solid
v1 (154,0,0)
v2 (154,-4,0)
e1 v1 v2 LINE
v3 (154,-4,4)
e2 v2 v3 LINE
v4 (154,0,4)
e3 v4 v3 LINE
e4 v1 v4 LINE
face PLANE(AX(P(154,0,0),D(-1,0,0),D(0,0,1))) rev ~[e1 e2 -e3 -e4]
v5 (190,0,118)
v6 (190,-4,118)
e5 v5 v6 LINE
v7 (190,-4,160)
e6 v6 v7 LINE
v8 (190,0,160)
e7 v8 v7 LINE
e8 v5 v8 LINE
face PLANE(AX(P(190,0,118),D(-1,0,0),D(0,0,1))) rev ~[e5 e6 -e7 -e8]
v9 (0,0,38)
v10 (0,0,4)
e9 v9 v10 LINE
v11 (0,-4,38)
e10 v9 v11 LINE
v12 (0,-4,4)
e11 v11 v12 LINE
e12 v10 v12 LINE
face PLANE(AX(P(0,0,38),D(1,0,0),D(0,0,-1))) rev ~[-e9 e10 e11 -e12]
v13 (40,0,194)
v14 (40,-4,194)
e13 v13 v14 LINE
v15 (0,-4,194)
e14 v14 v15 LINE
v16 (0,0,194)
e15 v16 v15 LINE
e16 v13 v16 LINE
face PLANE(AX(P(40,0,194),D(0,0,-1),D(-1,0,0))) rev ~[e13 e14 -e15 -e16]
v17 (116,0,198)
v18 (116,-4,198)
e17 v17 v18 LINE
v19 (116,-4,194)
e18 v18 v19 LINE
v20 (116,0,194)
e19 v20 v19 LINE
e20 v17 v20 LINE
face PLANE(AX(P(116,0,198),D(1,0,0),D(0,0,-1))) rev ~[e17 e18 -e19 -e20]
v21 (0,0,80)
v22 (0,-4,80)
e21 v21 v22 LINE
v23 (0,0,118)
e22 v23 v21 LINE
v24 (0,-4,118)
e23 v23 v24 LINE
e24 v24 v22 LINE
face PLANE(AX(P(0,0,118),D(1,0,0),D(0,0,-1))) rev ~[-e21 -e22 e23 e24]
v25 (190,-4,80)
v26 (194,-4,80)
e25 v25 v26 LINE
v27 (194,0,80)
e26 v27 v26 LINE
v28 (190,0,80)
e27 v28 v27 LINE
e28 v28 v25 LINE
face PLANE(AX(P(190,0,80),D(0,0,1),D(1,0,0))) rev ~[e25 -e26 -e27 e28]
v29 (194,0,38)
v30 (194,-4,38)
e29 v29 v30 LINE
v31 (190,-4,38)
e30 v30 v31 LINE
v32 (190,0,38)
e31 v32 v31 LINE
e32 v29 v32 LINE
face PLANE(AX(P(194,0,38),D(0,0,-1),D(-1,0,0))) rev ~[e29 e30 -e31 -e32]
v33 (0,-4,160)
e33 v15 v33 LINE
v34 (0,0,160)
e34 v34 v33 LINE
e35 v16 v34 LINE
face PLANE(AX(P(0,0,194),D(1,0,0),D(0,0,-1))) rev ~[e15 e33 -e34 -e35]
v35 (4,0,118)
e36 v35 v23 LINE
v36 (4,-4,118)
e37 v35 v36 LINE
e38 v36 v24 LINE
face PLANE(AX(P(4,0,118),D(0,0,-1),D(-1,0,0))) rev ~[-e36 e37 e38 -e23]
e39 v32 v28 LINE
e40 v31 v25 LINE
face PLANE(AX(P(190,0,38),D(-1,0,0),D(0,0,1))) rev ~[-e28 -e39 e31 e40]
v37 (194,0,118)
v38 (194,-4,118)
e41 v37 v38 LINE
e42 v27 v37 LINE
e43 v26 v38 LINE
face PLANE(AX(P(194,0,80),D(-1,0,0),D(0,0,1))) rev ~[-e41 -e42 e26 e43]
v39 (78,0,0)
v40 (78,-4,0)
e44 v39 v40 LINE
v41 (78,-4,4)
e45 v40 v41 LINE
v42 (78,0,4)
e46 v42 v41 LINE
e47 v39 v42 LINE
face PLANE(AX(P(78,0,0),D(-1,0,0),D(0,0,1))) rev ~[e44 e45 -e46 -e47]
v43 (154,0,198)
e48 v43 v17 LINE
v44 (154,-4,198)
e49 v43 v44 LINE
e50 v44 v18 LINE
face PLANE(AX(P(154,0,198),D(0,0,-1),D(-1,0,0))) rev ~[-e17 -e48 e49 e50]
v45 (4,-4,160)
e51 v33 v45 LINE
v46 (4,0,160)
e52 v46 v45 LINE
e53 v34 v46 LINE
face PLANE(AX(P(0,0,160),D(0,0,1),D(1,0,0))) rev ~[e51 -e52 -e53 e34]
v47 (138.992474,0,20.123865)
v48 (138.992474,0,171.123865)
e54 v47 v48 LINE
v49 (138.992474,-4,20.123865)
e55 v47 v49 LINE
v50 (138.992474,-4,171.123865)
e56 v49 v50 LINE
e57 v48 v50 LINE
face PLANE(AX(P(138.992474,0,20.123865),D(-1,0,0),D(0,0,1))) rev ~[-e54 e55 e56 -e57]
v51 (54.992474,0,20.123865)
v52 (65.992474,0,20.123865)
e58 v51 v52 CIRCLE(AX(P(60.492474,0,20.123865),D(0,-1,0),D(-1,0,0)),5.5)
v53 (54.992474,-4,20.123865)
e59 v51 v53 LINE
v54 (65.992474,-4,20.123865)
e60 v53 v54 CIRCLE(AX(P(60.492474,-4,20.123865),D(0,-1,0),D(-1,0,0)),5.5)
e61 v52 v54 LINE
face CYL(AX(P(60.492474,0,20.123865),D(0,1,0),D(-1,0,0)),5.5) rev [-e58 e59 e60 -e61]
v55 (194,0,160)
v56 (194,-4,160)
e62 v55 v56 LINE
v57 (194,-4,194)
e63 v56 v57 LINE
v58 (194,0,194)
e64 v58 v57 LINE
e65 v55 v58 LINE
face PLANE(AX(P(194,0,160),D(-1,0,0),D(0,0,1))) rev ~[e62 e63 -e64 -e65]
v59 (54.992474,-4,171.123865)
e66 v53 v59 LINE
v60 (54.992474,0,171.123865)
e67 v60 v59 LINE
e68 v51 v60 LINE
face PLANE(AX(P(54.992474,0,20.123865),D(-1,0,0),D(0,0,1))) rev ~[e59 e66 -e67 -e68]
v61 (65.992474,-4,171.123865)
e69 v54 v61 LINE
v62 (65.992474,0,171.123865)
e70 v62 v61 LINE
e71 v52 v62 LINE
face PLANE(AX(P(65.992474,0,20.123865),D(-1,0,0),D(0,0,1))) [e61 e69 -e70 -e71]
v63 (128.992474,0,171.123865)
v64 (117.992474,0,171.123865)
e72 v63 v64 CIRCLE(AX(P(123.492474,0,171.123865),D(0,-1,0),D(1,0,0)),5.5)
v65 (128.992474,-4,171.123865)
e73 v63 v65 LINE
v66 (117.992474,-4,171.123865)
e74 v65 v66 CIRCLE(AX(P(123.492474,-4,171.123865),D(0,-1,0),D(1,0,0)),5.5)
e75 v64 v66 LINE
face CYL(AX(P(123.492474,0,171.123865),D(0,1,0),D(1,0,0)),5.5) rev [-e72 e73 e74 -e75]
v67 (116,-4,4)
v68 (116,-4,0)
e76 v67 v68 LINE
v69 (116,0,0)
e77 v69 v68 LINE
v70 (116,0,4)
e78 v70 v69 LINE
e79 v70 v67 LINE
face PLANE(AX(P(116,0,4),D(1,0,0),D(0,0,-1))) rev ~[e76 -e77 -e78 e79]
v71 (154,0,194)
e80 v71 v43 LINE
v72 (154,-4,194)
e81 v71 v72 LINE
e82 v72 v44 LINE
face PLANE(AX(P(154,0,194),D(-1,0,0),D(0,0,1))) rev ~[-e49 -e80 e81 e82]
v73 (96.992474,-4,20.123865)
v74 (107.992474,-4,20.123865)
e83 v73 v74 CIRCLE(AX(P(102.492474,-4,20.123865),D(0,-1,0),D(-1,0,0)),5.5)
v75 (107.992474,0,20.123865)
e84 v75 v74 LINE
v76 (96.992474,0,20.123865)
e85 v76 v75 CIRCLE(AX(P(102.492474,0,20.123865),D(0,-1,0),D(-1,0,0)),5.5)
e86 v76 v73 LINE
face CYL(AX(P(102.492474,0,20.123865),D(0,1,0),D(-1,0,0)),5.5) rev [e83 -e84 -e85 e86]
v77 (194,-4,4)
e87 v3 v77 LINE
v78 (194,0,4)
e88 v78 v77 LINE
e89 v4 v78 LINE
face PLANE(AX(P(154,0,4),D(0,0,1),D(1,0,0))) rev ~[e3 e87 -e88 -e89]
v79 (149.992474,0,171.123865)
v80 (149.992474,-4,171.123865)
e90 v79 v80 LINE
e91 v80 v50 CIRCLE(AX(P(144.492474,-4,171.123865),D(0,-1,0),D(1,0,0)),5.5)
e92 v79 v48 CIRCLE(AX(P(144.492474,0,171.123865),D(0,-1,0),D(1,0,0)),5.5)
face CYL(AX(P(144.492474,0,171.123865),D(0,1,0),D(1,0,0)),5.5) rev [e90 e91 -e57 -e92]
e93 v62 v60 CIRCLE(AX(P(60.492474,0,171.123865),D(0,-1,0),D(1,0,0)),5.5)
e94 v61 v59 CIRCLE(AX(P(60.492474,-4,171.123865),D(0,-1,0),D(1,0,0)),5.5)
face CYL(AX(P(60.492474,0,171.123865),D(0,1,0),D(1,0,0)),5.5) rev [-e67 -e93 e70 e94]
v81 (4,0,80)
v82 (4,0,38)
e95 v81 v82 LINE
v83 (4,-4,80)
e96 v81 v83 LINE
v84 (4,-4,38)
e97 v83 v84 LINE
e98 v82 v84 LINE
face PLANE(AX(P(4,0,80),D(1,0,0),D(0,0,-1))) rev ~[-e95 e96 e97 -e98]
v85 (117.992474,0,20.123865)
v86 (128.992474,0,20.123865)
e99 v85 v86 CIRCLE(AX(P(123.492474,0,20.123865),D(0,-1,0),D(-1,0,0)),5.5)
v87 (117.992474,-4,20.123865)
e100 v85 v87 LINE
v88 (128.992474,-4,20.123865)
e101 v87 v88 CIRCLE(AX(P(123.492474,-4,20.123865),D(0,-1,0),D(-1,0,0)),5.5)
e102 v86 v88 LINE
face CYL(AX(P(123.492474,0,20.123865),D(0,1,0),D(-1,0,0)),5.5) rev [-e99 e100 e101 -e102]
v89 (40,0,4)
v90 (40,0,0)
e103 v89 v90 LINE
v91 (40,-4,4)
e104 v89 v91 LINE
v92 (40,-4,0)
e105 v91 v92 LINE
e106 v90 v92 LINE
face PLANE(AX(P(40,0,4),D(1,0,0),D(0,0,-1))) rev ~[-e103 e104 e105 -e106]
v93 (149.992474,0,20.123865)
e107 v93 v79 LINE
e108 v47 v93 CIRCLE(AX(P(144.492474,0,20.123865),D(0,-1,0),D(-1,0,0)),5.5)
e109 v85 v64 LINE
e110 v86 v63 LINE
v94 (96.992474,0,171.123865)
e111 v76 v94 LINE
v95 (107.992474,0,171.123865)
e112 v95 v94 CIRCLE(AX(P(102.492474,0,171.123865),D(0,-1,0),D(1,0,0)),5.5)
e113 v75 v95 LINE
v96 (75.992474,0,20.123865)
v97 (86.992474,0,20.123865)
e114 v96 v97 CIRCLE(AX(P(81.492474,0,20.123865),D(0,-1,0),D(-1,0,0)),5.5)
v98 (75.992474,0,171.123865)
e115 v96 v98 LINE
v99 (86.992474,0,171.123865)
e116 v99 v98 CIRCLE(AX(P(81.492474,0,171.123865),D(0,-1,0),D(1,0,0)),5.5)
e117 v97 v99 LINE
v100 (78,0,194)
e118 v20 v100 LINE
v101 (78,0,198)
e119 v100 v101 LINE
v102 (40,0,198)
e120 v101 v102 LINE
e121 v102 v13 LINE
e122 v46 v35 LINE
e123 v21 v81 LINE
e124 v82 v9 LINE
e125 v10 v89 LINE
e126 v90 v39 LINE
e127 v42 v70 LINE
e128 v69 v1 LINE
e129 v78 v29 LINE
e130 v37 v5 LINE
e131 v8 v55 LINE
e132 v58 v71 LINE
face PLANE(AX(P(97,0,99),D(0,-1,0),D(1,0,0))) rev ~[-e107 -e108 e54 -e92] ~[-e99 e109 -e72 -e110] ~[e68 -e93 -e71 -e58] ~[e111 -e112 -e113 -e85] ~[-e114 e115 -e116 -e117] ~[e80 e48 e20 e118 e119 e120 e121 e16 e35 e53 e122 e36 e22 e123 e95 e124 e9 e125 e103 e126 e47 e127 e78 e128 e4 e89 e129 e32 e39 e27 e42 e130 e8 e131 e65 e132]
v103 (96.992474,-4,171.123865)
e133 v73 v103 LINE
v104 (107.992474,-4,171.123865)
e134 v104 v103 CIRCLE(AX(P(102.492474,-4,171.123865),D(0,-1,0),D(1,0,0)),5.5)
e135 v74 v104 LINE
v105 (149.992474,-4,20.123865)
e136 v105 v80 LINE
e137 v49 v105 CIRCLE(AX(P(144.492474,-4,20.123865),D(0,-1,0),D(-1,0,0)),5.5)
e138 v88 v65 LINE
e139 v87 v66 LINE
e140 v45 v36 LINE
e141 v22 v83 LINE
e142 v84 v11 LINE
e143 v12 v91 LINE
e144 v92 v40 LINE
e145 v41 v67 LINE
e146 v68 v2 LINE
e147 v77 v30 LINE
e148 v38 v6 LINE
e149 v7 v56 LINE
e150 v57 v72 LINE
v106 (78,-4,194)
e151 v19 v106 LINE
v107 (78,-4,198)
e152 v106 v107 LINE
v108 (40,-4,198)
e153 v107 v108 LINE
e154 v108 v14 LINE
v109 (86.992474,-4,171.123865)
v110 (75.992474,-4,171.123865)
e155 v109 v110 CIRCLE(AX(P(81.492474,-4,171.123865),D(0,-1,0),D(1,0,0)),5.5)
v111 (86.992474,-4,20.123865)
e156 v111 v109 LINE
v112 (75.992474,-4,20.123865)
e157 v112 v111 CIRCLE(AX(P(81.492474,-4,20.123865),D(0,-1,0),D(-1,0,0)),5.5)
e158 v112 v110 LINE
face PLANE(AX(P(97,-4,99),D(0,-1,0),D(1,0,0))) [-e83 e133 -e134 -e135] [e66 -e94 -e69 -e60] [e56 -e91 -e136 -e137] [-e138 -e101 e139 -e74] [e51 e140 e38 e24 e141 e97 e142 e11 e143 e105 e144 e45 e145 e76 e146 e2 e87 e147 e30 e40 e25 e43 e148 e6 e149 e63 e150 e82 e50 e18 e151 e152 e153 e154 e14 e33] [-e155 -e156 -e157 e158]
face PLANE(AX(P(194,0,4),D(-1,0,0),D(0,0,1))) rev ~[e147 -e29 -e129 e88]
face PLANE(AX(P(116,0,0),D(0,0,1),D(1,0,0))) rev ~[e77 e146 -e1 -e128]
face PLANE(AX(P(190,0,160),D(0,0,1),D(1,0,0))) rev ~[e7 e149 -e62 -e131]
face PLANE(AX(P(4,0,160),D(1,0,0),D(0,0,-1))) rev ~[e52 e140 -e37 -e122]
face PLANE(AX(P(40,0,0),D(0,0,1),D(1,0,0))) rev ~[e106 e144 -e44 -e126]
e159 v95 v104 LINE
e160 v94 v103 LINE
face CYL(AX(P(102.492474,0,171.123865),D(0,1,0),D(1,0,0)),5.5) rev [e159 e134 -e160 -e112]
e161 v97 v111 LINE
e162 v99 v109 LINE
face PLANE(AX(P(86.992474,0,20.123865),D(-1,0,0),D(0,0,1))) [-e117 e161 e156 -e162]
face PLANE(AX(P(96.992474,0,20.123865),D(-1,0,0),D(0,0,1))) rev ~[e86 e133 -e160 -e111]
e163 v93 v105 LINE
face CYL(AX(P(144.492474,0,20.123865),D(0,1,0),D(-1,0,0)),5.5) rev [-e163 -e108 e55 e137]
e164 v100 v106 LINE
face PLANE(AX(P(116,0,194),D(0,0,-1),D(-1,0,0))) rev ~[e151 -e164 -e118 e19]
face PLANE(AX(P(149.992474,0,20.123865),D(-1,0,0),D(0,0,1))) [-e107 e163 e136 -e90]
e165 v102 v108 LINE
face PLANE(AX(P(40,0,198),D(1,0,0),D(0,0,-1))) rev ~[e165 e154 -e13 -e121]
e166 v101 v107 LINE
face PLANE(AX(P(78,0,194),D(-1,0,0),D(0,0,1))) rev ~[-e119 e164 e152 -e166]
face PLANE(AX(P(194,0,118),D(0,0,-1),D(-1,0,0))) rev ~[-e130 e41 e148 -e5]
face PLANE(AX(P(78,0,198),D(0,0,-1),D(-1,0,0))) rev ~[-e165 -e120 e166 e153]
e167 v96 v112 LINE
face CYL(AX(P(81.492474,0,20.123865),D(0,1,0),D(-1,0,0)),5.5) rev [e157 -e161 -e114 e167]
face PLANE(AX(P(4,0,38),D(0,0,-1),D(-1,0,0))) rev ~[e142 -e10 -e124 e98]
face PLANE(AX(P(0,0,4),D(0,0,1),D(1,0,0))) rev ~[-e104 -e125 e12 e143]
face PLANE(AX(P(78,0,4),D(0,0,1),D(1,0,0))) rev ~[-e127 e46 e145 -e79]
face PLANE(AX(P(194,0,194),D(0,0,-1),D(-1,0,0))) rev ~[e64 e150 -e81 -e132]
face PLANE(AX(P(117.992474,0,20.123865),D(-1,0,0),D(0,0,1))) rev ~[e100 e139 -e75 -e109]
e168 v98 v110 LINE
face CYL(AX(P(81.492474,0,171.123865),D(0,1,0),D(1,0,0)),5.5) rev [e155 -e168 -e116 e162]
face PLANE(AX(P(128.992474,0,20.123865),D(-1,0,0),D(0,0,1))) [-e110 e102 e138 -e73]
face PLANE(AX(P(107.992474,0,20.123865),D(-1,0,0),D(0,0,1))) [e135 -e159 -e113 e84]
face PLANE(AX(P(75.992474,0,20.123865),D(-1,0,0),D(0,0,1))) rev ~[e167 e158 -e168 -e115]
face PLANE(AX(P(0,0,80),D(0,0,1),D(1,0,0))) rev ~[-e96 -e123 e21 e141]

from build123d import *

# Parameters (mm, degrees)
F1_DEPTH = 4
F2_W     = 11
F2_H     = 151
F3_DEPTH = 4


with BuildPart() as f1:
    # F0 (on Front) → F1 (new body)
    with BuildSketch(Plane.XZ):
        Polygon((40, 4), (40, 0), (78, 0), (78, 4), (116, 4), (116, 0), (154, 0), (154, 4), (194, 4), (194, 38), (190, 38), (190, 80), (194, 80), (194, 118), (190, 118), (190, 160), (194, 160), (194, 194), (154, 194), (154, 198), (116, 198), (116, 194), (78, 194), (78, 198), (40, 198), (40, 194), (0, 194), (0, 160), (4, 160), (4, 118), (0, 118), (0, 80), (4, 80), (4, 38), (0, 38), (0, 4), align=None)
    extrude(amount=F1_DEPTH)

    # F2 (on Front) → F3 (cut)
    with BuildSketch(Plane.XZ):
        with BuildLine():
            ThreePointArc((65.992474, 171.123865), (60.492474, 176.623865), (54.992474, 171.123865))
            Line((54.992474, 171.123865), (65.992474, 171.123865))
        make_face()
        with Locations((60.492474, 95.623865)):
            Rectangle(F2_W, F2_H)
        with BuildLine():
            Line((65.992474, 20.123865), (54.992474, 20.123865))
            ThreePointArc((54.992474, 20.123865), (60.492474, 14.623865), (65.992474, 20.123865))
        make_face()
        with BuildLine():
            ThreePointArc((86.992474, 171.123865), (81.492474, 176.623865), (75.992474, 171.123865))
            Line((75.992474, 171.123865), (86.992474, 171.123865))
        make_face()
        with Locations((81.492474, 95.623865)):
            Rectangle(F2_W, F2_H)
        with BuildLine():
            Line((86.992474, 20.123865), (75.992474, 20.123865))
            ThreePointArc((75.992474, 20.123865), (81.492474, 14.623865), (86.992474, 20.123865))
        make_face()
        with BuildLine():
            ThreePointArc((107.992474, 171.123865), (102.492474, 176.623865), (96.992474, 171.123865))
            Line((96.992474, 171.123865), (107.992474, 171.123865))
        make_face()
        with Locations((102.492474, 95.623865)):
            Rectangle(F2_W, F2_H)
        with BuildLine():
            Line((107.992474, 20.123865), (96.992474, 20.123865))
            ThreePointArc((96.992474, 20.123865), (102.492474, 14.623865), (107.992474, 20.123865))
        make_face()
        with BuildLine():
            ThreePointArc((128.992474, 171.123865), (123.492474, 176.623865), (117.992474, 171.123865))
            Line((117.992474, 171.123865), (128.992474, 171.123865))
        make_face()
        with Locations((123.492474, 95.623865)):
            Rectangle(F2_W, F2_H)
        with BuildLine():
            Line((128.992474, 20.123865), (117.992474, 20.123865))
            ThreePointArc((117.992474, 20.123865), (123.492474, 14.623865), (128.992474, 20.123865))
        make_face()
        with BuildLine():
            ThreePointArc((149.992474, 171.123865), (144.492474, 176.623865), (138.992474, 171.123865))
            Line((138.992474, 171.123865), (149.992474, 171.123865))
        make_face()
        with Locations((144.492474, 95.623865)):
            Rectangle(F2_W, F2_H)
        with BuildLine():
            Line((149.992474, 20.123865), (138.992474, 20.123865))
            ThreePointArc((138.992474, 20.123865), (144.492474, 14.623865), (149.992474, 20.123865))
        make_face()
    extrude(amount=F3_DEPTH, mode=Mode.SUBTRACT)


solid = f1.part
